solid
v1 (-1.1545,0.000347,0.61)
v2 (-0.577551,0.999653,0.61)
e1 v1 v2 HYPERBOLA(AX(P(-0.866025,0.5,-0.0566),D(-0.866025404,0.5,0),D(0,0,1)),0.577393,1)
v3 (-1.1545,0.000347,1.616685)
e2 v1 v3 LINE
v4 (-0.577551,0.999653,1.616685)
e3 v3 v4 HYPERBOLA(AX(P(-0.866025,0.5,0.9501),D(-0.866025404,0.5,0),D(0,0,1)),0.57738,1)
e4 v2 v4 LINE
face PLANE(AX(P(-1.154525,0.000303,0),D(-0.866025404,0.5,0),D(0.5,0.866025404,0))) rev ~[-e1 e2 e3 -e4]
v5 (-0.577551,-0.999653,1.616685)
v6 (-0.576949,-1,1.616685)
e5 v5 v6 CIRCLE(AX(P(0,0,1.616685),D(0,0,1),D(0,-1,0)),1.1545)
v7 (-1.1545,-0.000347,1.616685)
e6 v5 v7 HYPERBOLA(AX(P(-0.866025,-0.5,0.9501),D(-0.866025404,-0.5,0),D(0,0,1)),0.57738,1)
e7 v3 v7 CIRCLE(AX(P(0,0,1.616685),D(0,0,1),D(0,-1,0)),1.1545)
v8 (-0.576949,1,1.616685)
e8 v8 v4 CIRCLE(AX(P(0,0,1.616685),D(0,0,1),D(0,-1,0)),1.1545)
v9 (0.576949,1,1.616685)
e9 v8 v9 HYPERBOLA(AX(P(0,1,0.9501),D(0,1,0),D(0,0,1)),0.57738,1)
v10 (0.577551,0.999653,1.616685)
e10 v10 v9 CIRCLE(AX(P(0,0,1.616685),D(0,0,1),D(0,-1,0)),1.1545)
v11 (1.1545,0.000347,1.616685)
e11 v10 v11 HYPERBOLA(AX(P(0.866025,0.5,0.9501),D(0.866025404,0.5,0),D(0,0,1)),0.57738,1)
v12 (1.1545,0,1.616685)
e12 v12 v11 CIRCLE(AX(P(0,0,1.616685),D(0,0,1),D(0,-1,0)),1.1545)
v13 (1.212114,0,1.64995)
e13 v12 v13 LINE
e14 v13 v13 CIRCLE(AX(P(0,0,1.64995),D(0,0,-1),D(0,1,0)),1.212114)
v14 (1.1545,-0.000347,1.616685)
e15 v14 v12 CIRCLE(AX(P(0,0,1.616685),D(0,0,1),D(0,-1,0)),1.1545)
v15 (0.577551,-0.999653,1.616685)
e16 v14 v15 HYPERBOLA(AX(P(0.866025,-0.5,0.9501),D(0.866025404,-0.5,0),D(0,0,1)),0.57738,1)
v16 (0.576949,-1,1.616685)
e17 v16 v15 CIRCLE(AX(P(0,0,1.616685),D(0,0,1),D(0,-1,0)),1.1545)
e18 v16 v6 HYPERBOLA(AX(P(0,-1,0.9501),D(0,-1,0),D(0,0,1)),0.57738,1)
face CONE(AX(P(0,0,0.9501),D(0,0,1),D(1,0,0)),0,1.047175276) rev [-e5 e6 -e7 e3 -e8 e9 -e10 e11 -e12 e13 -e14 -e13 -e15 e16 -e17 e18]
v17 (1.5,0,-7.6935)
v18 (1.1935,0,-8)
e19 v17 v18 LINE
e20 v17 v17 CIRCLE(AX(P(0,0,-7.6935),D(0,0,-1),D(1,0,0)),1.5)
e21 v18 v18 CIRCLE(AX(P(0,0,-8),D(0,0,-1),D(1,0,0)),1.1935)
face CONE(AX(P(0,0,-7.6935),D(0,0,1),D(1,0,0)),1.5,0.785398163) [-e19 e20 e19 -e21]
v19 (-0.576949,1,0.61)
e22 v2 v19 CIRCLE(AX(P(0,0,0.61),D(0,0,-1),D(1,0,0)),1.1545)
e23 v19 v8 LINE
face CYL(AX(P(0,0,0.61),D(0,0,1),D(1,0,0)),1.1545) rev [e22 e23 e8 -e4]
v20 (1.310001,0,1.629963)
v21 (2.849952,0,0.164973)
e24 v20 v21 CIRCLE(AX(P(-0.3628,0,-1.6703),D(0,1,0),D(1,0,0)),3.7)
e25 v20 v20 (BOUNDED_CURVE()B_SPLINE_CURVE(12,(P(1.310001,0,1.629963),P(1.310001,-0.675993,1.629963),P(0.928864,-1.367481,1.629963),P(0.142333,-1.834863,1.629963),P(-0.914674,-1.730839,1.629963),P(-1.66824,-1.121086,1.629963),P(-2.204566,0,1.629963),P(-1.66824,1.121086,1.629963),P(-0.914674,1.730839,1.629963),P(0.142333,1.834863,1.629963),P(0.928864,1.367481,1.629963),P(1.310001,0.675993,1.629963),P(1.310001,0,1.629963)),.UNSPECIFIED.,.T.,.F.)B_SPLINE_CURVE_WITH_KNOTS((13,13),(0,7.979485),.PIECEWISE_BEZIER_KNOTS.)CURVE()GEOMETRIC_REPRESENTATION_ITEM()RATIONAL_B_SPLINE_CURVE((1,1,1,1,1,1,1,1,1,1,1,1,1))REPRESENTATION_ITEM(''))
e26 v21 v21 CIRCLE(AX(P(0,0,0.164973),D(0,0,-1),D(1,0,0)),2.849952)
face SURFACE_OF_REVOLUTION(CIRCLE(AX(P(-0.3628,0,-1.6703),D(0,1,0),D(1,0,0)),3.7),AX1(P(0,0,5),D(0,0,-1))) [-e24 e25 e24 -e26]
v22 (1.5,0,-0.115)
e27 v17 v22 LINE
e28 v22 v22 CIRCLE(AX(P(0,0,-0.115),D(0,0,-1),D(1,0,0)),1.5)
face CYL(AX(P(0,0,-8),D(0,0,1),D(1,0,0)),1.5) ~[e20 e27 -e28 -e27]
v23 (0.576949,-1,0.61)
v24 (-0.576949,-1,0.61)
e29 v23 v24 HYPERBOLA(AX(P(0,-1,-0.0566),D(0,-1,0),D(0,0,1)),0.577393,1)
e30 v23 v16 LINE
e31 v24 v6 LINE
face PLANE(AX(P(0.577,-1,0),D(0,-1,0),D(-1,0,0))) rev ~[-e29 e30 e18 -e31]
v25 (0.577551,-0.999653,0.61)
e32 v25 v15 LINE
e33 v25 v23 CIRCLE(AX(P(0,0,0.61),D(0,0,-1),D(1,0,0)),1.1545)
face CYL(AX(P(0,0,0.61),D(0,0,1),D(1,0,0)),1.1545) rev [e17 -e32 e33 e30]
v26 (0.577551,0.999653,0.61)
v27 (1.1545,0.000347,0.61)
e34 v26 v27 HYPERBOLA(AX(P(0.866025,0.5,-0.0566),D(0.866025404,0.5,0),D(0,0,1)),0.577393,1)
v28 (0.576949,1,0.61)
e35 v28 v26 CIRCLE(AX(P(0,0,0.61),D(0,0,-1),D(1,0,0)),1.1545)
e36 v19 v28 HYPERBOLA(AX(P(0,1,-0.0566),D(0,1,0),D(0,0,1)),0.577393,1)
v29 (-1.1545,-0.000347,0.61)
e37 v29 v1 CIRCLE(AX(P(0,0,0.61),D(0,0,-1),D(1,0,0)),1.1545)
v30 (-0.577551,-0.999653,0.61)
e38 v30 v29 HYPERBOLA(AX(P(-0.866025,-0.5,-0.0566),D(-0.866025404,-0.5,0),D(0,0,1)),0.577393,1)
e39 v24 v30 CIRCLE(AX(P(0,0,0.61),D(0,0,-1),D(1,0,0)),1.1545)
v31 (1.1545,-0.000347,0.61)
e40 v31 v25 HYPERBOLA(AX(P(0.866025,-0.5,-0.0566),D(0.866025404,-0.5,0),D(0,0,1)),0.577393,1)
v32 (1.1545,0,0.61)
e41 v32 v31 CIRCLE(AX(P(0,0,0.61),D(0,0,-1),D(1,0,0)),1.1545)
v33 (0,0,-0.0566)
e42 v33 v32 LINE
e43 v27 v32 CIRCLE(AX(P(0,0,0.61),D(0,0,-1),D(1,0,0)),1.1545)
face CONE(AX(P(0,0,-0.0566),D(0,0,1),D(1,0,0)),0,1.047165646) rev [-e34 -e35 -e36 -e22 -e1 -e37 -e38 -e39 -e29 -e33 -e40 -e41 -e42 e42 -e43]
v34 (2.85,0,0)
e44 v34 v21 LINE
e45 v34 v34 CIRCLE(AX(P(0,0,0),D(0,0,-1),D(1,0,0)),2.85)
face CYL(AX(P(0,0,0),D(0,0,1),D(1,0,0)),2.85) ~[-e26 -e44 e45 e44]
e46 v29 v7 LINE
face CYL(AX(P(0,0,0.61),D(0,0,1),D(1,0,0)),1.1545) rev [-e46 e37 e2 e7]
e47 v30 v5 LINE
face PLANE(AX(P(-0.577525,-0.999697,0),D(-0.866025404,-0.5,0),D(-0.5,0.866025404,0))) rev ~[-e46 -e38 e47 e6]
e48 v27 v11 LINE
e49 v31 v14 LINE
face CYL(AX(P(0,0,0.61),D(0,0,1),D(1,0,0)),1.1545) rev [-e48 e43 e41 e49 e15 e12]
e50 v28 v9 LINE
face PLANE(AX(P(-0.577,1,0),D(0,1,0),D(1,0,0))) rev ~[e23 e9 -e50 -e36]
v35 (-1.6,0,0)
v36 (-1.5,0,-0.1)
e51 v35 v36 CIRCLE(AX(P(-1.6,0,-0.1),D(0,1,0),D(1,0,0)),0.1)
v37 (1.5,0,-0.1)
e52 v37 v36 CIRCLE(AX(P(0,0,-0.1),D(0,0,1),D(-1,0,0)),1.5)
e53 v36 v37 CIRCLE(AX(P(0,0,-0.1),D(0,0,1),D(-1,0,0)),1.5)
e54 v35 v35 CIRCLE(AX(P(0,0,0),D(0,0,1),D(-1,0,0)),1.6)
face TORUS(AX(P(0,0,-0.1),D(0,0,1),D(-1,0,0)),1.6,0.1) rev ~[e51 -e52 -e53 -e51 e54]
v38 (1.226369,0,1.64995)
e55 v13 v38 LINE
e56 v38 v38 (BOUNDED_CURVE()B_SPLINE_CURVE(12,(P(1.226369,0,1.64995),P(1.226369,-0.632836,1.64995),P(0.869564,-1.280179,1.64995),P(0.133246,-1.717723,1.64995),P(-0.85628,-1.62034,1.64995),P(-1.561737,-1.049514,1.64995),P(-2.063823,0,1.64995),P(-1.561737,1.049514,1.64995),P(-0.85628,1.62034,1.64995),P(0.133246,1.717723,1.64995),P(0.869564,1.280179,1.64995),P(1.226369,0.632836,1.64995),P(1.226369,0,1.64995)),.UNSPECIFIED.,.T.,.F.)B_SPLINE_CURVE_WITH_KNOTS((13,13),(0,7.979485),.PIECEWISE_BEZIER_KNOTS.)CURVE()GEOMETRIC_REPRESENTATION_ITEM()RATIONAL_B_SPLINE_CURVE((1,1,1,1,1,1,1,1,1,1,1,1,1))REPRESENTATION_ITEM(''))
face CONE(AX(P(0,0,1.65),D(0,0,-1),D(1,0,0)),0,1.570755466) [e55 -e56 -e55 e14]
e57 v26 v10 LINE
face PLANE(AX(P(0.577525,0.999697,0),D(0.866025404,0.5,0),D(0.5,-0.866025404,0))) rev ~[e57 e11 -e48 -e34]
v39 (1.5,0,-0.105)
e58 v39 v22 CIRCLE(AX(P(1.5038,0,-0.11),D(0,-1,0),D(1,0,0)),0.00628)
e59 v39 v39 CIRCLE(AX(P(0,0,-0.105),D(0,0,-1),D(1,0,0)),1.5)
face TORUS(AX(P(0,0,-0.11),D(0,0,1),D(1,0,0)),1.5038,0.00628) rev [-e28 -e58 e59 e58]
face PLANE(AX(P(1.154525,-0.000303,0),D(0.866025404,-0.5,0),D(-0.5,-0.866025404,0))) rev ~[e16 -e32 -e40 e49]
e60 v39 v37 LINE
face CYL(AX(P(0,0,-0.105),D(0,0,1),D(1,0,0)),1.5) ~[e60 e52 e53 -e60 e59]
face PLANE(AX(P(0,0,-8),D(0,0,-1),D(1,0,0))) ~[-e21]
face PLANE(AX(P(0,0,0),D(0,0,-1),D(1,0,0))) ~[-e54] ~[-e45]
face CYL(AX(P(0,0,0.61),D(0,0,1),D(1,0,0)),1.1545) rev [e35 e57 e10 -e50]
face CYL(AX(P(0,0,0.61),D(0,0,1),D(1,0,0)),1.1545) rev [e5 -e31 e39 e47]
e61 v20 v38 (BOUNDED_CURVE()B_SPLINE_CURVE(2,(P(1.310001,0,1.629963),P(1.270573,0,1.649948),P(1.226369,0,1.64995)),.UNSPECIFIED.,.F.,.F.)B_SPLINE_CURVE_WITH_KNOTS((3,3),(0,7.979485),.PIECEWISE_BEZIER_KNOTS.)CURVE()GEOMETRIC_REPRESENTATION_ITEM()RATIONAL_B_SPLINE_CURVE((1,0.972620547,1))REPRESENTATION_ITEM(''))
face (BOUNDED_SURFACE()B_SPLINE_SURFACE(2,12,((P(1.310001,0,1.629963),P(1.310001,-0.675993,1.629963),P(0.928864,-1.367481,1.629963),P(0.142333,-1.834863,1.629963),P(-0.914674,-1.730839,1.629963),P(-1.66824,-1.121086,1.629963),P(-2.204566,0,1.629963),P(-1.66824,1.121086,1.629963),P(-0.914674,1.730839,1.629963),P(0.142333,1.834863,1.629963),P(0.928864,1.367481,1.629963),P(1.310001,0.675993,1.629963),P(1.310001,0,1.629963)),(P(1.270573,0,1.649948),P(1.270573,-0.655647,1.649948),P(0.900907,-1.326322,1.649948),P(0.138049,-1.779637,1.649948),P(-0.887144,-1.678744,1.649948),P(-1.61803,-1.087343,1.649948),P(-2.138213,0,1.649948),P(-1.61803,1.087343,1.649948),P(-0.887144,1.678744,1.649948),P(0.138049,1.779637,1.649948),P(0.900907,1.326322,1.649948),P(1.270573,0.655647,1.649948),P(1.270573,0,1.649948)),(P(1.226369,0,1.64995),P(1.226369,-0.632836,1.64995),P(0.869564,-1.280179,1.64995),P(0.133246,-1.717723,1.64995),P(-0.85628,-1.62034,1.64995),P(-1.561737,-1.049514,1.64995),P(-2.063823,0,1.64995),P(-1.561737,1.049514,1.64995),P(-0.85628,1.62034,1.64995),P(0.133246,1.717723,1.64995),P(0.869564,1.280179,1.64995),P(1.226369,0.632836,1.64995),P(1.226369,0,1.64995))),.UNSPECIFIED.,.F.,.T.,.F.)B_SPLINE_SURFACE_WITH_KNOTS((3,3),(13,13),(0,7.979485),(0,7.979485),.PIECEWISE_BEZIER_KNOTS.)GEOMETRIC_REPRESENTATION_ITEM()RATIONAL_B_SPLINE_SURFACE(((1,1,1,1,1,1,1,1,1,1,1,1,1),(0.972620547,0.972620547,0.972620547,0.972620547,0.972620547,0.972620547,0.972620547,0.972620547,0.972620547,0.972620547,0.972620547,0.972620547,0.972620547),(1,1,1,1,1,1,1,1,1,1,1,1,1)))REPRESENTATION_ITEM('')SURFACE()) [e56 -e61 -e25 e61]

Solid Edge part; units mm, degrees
sketch "Sketch1" plane through (0, 0, 0) normal (0, -1, 0) x (1, 0, 0)
  line L0 (0, -8) -> (1.5, -8)
  line L1 (1.5, -8) -> (1.5, -0.115)
  arc A0 (1.5, -0.105) -> (1.5, -0.115) centre (1.5038, -0.11) ccw
  line L2 (1.5, -0.105) -> (1.5, 0)
  line L3 (1.5, 0) -> (2.85, 0)
  line L4 (2.85, 0) -> (2.85, 0.165)
  arc A1 (1.27, 1.65) -> (2.85, 0.165) centre (-0.3628, -1.6703) cw
  line L5 (0, 1.65) -> (1.27, 1.65)
  dimension "D1" = 7.885
  dimension "D2" = 1.5
  dimension "D3" = 1.27
  dimension "D4" = 2.85
  dimension "D5" = 0.165
  dimension "D6" = 1.65
  dimension "D7" = 3.7
  dimension "D8" = 8
  dimension "D9" = 0.01
  dimension "D10" = 0.0025
revolve "RevolvedProtrusion1" add sketch "Sketch1" angle 360 about axis through (0, 0, 5) along (0, 0, -1)
sketch "Sketch2" plane through (0, 0, 0) normal (0, -1, 0) x (1, 0, 0)
  line L0 (0, -0.0566) -> (1.1545, 0.61)
  line L1 (1.1545, 0.61) -> (1.1545, 1.65)
  line L2 (1.1545, 1.65) -> (0, 1.65)
  dimension "D1" = 1.1545
  dimension "D2" = 1.04
revolve "RevolvedCutout1" cut sketch "Sketch2" angle 360 about axis through (0, 0, 5.3) along (0, 0, -1)
sketch "Sketch3" plane through (0, 0, 0) normal (0, 0, -1) x (0, 1, 0)
  arc A0 (-1, 0.577) -> (-1, -0.577) centre (0, 0) ccw
  line L0 (-1, 0.577) -> (-1, -0.577)
  dimension "D1" = 1
extrude "Protrusion1" add sketch "Sketch3" against normal blind 1.65
pattern_circular "Pattern1" count 6 over 360 about axis through (0, 0, 0) along (0, 0, -1) of "Protrusion1"
fillet "Round_1" radius 0.185 1 edges at (-1.27, 0, 1.65)
sketch "Sketch4" plane through (0, 0, 0) normal (0, -1, 0) x (1, 0, 0)
  line L0 (0, 0.9501) -> (1.2122, 1.65)
  line L1 (1.2122, 1.65) -> (0, 1.65)
  dimension "D1" = 1.2122
revolve "RevolvedCutout2" cut sketch "Sketch4" angle 360 about axis through (0, 0, 5.3) along (0, 0, -1)
sketch "Sketch5" plane through (0, 0, 0) normal (0, -1, 0) x (1, 0, 0)
  line L0 (-1.5, 0) -> (-1.5, -0.1)
  line L1 (-1.6, 0) -> (-1.5, 0)
  arc A0 (-1.6, 0) -> (-1.5, -0.1) centre (-1.6, -0.1) cw
  dimension "D1" = 1.5
  dimension "D2" = 0.1
revolve "RevolvedProtrusion2" add sketch "Sketch5" angle 360 about axis through (0, 0, -0.5) along (0, 0, 1)
cosmetic_thread "Thread1" size "M3"
chamfer "Chamfer1" distance 0.3065 angle 45 1 edges at (-1.5, 0, -8)
properties material "Stahl"
